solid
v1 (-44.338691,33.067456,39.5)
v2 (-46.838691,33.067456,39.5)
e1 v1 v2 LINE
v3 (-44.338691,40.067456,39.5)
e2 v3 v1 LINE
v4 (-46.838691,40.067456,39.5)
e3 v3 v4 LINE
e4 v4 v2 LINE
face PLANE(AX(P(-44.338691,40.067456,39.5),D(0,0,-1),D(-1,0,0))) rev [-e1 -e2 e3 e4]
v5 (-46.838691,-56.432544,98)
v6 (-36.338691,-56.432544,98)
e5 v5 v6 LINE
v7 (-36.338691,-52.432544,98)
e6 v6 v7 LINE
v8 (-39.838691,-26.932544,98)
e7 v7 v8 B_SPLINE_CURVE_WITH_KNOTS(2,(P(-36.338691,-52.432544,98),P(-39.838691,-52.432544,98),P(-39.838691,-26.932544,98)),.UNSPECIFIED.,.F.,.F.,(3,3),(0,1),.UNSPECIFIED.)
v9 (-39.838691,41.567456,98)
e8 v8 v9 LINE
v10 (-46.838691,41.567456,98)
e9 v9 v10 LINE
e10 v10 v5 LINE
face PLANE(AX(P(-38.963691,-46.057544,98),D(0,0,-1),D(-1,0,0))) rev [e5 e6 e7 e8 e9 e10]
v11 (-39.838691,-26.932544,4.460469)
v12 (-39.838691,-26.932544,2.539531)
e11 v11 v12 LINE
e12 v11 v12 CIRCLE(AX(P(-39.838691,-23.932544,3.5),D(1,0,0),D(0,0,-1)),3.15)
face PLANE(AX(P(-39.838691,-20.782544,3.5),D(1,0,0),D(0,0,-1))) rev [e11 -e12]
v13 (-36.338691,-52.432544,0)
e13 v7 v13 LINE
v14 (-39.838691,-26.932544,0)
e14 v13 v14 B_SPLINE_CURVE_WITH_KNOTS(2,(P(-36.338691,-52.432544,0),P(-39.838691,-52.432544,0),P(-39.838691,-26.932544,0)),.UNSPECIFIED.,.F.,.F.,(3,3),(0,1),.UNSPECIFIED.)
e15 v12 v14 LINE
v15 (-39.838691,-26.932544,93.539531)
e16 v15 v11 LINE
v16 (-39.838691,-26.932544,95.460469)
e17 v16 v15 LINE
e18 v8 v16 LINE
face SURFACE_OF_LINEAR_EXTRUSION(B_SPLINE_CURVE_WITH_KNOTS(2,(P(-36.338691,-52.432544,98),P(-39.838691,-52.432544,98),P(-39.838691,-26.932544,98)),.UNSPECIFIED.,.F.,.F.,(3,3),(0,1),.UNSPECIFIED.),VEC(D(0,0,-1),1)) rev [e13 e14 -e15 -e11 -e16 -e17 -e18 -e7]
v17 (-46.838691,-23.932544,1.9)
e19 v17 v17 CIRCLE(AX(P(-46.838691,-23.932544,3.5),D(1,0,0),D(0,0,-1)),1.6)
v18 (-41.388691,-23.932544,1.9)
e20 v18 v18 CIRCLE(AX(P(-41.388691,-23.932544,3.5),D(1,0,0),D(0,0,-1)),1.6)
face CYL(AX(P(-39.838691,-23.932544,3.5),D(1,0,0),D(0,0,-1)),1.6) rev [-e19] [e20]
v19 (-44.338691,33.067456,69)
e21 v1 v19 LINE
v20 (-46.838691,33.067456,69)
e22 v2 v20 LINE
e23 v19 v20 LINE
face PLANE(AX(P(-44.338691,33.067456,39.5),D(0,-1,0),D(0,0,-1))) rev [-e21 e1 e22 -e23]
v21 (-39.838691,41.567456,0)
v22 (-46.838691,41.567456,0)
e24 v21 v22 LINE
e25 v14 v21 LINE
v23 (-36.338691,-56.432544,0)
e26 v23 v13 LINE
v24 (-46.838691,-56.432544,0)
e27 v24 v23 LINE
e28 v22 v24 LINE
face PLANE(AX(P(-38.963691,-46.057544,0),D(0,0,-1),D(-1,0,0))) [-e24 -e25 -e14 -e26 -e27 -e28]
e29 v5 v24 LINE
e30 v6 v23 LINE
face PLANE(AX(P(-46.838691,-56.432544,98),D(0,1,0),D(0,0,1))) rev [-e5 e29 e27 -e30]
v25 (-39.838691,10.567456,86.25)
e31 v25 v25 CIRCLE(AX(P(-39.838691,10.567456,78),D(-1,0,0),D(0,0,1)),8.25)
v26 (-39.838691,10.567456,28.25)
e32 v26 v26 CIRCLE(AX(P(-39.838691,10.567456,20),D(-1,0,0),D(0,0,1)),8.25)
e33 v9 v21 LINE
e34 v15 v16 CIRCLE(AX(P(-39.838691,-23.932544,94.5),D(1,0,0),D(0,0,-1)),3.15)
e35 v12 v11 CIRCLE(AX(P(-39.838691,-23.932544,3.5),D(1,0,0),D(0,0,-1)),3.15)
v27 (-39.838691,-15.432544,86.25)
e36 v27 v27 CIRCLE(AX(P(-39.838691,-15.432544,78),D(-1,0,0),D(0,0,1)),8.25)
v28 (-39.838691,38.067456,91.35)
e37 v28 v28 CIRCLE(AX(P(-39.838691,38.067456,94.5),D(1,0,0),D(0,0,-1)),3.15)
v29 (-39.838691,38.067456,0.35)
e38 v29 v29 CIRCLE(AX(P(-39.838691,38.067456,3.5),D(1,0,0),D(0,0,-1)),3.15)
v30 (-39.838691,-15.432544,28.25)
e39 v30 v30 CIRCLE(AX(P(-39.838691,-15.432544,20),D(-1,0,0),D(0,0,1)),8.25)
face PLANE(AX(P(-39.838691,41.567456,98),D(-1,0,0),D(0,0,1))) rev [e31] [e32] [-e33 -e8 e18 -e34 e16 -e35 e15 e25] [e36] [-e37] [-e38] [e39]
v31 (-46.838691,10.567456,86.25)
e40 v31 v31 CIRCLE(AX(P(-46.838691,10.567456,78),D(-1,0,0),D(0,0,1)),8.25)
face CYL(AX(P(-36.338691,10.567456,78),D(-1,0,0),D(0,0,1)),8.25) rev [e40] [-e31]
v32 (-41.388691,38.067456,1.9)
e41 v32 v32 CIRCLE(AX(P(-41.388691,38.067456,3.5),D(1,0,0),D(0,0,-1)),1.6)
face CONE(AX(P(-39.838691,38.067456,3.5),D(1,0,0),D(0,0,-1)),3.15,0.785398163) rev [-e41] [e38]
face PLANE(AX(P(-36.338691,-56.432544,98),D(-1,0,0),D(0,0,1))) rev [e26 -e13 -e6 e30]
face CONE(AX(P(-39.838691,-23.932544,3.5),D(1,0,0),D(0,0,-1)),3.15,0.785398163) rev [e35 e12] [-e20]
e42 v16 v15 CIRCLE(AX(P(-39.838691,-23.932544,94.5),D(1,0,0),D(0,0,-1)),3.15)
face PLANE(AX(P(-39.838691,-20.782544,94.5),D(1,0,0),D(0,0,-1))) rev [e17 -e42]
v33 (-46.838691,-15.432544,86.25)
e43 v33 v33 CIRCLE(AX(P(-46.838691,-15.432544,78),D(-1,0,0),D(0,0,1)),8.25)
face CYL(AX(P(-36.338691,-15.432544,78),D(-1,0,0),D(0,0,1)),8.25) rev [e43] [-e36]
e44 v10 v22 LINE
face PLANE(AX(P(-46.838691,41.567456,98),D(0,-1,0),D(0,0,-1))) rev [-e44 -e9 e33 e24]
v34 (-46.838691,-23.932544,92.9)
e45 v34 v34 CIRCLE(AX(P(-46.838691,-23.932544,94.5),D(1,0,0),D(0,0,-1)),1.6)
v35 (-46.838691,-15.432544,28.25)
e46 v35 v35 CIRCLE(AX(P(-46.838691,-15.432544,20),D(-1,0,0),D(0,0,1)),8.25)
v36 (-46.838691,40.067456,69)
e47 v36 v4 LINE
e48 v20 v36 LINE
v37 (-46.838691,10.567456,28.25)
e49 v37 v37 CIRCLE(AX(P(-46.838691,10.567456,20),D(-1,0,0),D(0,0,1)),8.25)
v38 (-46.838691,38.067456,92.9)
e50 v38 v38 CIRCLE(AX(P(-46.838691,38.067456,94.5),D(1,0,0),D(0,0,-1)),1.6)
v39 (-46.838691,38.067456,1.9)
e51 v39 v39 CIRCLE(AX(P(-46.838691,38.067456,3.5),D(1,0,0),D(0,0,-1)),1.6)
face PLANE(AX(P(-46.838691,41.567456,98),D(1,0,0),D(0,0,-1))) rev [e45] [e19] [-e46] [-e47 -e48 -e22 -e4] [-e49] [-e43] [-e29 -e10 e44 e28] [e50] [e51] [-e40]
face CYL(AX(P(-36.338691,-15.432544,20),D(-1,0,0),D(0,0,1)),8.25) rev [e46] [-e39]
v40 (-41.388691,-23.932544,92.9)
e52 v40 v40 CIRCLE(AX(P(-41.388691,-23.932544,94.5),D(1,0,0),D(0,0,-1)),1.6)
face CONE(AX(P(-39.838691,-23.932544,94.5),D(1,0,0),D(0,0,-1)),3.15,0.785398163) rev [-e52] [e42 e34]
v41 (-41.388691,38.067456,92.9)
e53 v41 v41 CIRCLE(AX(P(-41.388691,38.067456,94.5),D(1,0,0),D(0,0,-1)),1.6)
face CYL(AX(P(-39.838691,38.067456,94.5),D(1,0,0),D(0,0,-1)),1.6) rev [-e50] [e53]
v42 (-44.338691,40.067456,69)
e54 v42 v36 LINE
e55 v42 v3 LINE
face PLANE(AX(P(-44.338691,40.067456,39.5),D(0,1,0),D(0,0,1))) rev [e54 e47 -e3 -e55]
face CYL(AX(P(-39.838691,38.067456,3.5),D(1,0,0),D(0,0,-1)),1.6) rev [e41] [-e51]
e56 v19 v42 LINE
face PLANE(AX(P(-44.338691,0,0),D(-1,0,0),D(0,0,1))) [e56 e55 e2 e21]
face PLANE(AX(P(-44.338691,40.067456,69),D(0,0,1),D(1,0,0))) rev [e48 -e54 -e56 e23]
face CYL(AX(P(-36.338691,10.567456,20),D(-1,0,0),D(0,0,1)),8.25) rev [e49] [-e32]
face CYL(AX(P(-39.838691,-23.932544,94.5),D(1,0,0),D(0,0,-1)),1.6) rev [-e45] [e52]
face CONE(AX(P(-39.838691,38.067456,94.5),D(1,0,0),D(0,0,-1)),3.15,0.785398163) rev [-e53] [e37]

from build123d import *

# Parameters (mm, degrees)
BOSS_EXTRUDE1_DEPTH                            = 98
SKETCH2_R                                      = 8.25
CUT_EXTRUDE1_DEPTH                             = 114.573245575
CSK_FOR_M3_FLAT_HEAD_MACHINE_SCREW2_AT_2_COUNT = 2
CSK_FOR_M3_FLAT_HEAD_MACHINE_SCREW2_AT_2_PITCH = 62
CSK_FOR_M3_FLAT_HEAD_MACHINE_SCREW2_AT_3_COUNT = 2
CSK_FOR_M3_FLAT_HEAD_MACHINE_SCREW2_AT_3_PITCH = 110.113577728
CSK_FOR_M3_FLAT_HEAD_MACHINE_SCREW2_AT_4_COUNT = 2
CSK_FOR_M3_FLAT_HEAD_MACHINE_SCREW2_AT_4_PITCH = 91
SKETCH9_W                                      = 29.5
SKETCH9_H                                      = 7
CUT_EXTRUDE2_DEPTH                             = 2.5


with BuildPart() as part:
    # Sketch1 → Boss-Extrude1 (new body)
    with BuildSketch(Plane.XY):
        with BuildLine():
            Line((-46.838690812, 41.567455511), (-46.838690812, -56.432544489))
            Line((-46.838690812, -56.432544489), (-36.338690812, -56.432544489))
            Line((-36.338690812, -56.432544489), (-36.338690812, -52.432544489))
            add(Edge.make_bspline(
                [(-39.838690812, -26.932544489), (-39.838690812, -52.432544489), (-36.338690812, -52.432544489)],
                knots=[0, 0, 0, 1, 1, 1], degree=2))
            Line((-39.838690812, -26.932544489), (-39.838690812, 41.567455511))
            Line((-39.838690812, 41.567455511), (-46.838690812, 41.567455511))
        make_face()
    extrude(amount=BOSS_EXTRUDE1_DEPTH)

    # Sketch2 → Cut-Extrude1 (cut, through all)
    with BuildSketch(Plane.ZY.offset(46.838690812)):
        with Locations((20, 10.567455511)):
            Circle(SKETCH2_R)
        with Locations((78, 10.567455511)):
            Circle(SKETCH2_R)
        with Locations((78, -15.432544489)):
            Circle(SKETCH2_R)
        with Locations((20, -15.432544489)):
            Circle(SKETCH2_R)
    extrude(amount=-CUT_EXTRUDE1_DEPTH, mode=Mode.SUBTRACT)

    # Sketch8 → CSK for M3 Flat Head Machine Screw2 (revolve, cut)
    with BuildSketch(Plane(origin=(-39.838690812, 38.067455511, 94.5), x_dir=(0, 0, -1), z_dir=(0, 1, 0))):
        Polygon((0, 0), (0, 10.96137699), (1.6, 10), (1.6, 1.55), (3.15, 0), align=None)
    csk_for_m3_flat_head_machine_screw2 = revolve(axis=Axis((-33.488690812, 38.067455511, 94.5), (-1, 0, 0)), mode=Mode.SUBTRACT)

    # CSK for M3 Flat Head Machine Screw2 at 2: CSK for M3 Flat Head Machine Screw2 ×2
    with Locations(*[(0, -i * CSK_FOR_M3_FLAT_HEAD_MACHINE_SCREW2_AT_2_PITCH, 0) for i in range(1, CSK_FOR_M3_FLAT_HEAD_MACHINE_SCREW2_AT_2_COUNT)]):
        add(csk_for_m3_flat_head_machine_screw2, mode=Mode.SUBTRACT)

    # CSK for M3 Flat Head Machine Screw2 at 3: CSK for M3 Flat Head Machine Screw2 ×2
    with Locations(*[Vector(0, -0.5630549953912599, -0.8264194287194296) * (i * CSK_FOR_M3_FLAT_HEAD_MACHINE_SCREW2_AT_3_PITCH) for i in range(1, CSK_FOR_M3_FLAT_HEAD_MACHINE_SCREW2_AT_3_COUNT)]):
        add(csk_for_m3_flat_head_machine_screw2, mode=Mode.SUBTRACT)

    # CSK for M3 Flat Head Machine Screw2 at 4: CSK for M3 Flat Head Machine Screw2 ×2
    with Locations(*[(0, 0, -i * CSK_FOR_M3_FLAT_HEAD_MACHINE_SCREW2_AT_4_PITCH) for i in range(1, CSK_FOR_M3_FLAT_HEAD_MACHINE_SCREW2_AT_4_COUNT)]):
        add(csk_for_m3_flat_head_machine_screw2, mode=Mode.SUBTRACT)

    # Sketch9 → Cut-Extrude2 (cut)
    with BuildSketch(Plane.ZY.offset(46.838690812)):
        with Locations((54.25, 36.567455511)):
            Rectangle(SKETCH9_W, SKETCH9_H)
    extrude(amount=-CUT_EXTRUDE2_DEPTH, mode=Mode.SUBTRACT)


solid = part.part
